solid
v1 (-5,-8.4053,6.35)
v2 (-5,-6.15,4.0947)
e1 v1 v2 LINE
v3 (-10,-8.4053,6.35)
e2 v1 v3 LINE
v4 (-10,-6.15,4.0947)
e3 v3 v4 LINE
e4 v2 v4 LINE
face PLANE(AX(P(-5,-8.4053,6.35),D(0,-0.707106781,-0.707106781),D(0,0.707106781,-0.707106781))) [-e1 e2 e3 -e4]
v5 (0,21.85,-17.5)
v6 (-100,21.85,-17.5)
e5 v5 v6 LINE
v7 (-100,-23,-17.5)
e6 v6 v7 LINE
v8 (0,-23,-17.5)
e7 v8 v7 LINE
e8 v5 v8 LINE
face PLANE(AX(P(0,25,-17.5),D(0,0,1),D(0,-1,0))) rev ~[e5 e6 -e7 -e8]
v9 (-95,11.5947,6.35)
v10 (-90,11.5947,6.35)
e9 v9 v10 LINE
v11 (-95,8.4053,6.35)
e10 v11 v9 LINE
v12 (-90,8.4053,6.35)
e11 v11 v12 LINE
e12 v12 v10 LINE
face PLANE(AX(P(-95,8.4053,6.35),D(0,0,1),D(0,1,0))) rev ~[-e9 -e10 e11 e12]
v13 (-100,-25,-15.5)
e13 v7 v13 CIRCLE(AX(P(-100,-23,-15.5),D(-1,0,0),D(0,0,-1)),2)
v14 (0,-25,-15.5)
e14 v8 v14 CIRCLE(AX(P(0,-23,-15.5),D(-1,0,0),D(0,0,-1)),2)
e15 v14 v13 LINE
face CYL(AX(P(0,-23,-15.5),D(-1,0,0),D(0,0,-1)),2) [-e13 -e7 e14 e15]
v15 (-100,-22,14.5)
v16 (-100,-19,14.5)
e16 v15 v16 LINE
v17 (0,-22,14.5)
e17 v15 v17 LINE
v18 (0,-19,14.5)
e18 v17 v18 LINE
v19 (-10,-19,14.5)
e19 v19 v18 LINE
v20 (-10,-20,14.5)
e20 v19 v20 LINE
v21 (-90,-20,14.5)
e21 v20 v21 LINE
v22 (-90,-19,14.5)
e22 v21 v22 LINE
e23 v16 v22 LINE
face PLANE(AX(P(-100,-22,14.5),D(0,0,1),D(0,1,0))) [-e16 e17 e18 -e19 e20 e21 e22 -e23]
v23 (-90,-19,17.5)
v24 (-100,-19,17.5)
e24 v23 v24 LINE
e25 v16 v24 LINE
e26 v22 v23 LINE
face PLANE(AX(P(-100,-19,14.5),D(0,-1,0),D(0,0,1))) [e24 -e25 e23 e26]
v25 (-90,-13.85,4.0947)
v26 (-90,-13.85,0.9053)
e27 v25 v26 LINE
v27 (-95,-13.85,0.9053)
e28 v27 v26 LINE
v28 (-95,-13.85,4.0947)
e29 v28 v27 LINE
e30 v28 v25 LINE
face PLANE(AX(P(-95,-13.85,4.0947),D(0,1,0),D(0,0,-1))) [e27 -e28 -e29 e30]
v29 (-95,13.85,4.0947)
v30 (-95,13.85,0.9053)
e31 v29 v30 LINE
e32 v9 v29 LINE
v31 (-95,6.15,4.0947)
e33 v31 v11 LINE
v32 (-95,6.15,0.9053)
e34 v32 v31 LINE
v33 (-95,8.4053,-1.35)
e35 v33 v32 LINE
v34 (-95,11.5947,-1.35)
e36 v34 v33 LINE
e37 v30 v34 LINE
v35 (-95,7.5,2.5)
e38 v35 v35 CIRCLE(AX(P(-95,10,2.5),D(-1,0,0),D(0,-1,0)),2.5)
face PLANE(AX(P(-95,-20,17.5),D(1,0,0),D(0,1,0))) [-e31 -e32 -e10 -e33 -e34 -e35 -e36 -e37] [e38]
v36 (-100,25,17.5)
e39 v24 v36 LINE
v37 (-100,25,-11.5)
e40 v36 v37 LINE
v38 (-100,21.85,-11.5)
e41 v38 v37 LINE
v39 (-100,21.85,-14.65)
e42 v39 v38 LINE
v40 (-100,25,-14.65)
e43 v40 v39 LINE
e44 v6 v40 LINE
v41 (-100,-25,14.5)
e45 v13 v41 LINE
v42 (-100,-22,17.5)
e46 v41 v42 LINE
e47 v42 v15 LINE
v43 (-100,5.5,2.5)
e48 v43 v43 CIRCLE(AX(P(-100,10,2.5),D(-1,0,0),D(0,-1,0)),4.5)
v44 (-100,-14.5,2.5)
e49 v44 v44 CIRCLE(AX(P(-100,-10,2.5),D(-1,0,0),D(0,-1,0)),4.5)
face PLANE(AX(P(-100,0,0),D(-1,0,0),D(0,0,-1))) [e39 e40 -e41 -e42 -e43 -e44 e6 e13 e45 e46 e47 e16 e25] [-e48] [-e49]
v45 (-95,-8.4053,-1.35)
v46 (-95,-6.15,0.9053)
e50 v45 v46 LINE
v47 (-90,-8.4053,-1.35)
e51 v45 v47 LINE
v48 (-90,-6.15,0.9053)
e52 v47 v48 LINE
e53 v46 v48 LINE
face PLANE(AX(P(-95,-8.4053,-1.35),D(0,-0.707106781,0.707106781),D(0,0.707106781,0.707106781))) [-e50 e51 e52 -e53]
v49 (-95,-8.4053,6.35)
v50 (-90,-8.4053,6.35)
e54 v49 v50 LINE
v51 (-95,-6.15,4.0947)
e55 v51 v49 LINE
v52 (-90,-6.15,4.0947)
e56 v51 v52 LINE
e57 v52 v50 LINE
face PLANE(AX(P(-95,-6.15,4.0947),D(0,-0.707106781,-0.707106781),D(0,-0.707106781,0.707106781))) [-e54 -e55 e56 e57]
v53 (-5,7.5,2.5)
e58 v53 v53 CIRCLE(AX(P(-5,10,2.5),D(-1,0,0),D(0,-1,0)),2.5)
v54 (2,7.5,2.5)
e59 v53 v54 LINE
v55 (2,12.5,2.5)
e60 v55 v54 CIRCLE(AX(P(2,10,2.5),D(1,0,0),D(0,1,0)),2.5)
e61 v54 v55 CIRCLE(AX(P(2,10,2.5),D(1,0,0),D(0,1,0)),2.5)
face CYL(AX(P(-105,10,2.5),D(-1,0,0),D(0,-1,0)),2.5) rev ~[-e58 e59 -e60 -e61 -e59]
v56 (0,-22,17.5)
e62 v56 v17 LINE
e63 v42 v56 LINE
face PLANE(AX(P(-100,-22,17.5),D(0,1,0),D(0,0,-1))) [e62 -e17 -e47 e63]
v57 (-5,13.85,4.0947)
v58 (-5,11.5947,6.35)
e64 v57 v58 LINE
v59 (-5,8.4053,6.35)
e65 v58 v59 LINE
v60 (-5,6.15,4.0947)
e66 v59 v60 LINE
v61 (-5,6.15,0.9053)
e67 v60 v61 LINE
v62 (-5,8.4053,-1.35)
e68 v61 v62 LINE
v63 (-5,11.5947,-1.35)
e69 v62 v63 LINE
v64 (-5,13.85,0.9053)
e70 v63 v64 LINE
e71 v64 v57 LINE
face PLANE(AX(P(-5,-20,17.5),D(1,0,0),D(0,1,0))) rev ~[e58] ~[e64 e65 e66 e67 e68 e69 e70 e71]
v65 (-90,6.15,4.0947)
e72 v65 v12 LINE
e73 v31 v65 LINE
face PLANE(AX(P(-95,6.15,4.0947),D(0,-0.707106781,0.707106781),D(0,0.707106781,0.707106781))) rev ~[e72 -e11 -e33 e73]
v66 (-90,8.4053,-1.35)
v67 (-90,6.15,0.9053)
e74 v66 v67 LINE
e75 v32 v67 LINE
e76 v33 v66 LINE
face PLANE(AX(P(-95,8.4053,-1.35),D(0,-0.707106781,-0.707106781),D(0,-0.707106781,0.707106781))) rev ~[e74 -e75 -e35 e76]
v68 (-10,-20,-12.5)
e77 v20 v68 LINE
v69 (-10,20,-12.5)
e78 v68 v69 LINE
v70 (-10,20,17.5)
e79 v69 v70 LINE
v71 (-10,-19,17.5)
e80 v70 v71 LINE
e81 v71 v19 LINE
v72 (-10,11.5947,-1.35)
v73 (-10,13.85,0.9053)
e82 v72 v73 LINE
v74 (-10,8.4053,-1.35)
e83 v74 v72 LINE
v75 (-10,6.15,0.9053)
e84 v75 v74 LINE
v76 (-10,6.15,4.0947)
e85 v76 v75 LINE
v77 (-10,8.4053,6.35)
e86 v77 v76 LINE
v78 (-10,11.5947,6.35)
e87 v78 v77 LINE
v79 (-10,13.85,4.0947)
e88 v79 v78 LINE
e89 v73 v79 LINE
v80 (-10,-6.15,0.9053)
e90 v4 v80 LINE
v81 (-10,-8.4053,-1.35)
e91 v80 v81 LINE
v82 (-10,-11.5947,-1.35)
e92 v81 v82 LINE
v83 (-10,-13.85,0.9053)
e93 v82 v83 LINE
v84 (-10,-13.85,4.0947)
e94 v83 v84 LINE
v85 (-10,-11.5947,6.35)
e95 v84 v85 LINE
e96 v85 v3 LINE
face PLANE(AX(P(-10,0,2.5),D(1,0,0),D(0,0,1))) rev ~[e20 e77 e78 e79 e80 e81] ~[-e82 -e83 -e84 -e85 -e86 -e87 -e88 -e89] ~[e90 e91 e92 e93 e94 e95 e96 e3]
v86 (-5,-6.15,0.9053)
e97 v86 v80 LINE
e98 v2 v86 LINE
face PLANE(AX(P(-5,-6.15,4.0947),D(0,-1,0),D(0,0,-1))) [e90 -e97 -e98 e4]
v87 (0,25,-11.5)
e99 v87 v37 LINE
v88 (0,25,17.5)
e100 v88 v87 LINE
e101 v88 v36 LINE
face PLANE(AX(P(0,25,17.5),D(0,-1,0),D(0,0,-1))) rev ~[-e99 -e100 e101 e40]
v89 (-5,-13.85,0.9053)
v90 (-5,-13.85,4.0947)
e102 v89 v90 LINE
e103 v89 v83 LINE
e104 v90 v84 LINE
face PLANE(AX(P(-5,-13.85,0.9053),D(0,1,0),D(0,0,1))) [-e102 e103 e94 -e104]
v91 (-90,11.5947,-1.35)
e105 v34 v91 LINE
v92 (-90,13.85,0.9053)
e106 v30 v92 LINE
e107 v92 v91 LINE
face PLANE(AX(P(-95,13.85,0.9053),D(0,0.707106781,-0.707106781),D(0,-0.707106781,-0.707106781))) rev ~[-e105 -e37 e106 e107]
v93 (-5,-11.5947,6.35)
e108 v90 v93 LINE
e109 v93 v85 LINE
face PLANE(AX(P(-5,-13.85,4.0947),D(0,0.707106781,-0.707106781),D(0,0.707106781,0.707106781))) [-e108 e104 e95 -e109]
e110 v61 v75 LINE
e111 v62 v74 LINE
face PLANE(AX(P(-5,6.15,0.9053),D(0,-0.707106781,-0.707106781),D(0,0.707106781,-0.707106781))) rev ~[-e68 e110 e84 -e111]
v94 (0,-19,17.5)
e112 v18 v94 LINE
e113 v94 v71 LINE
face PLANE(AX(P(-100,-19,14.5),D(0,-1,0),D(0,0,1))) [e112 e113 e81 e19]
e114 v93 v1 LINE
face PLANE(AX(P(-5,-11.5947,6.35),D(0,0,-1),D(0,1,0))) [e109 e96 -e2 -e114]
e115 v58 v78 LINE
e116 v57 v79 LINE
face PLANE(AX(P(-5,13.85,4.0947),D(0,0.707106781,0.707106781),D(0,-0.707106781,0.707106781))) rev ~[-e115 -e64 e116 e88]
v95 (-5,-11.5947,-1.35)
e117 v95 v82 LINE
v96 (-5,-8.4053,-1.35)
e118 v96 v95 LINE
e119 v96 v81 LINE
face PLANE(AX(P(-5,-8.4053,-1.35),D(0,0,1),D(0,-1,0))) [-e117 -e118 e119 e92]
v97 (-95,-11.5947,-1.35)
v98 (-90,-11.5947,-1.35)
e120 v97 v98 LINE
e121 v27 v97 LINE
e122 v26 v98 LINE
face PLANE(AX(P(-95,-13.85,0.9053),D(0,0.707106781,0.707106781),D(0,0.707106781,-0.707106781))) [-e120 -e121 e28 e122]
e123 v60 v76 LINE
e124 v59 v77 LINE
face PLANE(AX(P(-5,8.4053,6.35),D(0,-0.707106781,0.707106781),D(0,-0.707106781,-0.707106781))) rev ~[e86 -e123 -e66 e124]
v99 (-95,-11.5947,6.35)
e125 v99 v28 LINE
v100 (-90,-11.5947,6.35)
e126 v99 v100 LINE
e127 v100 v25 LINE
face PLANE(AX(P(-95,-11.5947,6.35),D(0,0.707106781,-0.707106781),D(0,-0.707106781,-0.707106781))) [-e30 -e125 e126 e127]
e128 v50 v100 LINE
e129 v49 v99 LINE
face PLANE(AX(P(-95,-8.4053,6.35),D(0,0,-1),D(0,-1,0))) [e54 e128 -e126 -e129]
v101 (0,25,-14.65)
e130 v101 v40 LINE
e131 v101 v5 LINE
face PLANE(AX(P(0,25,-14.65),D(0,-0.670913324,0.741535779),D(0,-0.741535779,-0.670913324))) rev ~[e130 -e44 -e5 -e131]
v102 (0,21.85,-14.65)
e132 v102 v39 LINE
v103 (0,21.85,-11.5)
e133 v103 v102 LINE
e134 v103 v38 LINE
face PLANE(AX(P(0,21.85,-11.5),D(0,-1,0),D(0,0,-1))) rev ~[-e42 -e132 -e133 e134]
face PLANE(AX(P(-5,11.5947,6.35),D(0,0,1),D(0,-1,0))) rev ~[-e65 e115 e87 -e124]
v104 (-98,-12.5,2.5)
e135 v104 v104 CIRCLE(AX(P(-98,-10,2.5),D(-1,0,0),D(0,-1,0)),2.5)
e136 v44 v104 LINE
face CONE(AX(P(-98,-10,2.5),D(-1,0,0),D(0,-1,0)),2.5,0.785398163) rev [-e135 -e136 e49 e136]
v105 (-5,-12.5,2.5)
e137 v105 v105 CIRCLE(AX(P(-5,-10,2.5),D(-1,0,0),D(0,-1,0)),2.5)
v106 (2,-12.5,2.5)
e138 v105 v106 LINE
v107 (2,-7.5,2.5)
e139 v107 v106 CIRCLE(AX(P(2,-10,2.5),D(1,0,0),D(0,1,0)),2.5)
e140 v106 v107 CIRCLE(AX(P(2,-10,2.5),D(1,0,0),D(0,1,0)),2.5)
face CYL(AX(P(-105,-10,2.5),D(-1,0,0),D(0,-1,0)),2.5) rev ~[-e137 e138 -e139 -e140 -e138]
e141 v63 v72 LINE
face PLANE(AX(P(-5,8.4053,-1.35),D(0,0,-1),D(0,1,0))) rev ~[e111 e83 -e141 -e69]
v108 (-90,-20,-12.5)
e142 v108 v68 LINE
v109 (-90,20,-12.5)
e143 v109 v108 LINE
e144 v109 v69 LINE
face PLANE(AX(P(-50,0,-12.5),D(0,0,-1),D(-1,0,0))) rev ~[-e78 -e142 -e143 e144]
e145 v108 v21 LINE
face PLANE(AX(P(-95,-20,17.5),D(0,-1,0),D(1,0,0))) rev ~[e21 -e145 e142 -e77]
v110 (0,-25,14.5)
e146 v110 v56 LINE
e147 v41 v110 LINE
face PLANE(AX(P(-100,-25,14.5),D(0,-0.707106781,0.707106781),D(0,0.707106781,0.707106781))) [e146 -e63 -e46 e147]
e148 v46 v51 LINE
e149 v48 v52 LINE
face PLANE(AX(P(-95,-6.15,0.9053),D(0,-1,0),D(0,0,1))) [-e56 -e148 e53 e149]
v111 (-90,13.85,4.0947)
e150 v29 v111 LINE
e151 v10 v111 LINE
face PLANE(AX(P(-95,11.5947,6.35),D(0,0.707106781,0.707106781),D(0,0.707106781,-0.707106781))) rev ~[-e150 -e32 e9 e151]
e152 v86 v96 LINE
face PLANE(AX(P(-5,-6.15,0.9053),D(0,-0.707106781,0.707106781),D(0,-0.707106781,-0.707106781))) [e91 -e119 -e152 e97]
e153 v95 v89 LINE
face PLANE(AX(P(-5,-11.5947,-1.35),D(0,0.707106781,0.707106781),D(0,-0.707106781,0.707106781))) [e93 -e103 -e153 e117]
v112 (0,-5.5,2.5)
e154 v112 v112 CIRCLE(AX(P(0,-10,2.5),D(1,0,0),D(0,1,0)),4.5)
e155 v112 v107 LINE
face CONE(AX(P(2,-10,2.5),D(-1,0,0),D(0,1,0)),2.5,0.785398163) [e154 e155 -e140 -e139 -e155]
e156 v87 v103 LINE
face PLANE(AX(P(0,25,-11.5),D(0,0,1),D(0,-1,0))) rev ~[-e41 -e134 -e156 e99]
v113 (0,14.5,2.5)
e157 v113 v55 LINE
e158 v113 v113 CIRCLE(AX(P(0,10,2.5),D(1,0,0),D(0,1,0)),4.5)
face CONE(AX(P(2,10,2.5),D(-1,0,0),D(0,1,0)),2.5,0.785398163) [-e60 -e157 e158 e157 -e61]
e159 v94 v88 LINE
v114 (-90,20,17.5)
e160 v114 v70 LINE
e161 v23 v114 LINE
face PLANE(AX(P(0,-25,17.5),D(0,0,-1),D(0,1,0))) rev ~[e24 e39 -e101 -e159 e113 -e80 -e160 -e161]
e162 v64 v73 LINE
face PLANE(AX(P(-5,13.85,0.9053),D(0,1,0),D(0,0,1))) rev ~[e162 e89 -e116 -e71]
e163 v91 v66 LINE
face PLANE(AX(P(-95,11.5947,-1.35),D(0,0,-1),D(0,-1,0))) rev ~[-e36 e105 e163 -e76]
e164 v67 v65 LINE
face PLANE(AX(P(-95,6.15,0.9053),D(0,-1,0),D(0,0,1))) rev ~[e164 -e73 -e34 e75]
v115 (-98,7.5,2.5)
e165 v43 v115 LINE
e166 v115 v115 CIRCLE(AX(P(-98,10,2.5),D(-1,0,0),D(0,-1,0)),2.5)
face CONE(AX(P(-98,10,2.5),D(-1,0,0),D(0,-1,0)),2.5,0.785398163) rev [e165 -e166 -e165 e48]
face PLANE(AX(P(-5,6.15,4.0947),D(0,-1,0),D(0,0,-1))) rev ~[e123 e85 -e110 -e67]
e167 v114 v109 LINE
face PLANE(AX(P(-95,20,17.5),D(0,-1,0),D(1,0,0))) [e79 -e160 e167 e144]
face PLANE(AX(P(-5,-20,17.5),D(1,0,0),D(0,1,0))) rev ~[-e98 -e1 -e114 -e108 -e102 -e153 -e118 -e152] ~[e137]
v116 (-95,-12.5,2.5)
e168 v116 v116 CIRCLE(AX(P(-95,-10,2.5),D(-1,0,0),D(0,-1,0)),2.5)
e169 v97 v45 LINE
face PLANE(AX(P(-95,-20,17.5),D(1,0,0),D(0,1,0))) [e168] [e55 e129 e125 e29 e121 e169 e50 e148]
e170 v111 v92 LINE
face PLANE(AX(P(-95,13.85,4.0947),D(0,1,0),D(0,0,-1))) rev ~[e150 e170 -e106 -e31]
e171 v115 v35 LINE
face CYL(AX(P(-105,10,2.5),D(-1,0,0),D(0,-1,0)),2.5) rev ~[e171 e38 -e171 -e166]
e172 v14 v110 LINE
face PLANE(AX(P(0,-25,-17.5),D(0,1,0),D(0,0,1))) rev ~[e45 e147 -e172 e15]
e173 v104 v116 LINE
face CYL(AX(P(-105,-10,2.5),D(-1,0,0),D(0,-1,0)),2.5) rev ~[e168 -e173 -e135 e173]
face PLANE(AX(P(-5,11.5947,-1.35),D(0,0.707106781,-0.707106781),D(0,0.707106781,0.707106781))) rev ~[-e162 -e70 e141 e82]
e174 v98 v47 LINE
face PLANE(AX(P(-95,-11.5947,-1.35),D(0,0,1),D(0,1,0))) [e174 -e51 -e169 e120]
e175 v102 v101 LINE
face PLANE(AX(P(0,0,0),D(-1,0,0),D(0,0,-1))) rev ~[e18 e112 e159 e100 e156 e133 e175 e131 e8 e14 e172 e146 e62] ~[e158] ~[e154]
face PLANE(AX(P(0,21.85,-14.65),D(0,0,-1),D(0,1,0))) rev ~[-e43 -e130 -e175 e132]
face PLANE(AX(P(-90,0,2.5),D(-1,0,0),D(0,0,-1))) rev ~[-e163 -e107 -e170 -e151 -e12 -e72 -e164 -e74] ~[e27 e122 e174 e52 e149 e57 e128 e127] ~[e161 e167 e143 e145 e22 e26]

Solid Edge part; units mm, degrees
sketch "Sketch1" plane through (0, 0, 0) normal (-1, 0, 0) x (0, -1, 0)
  line L0 (25, -17.5) -> (25, 17.5)
  line L1 (25, 17.5) -> (-25, 17.5)
  line L2 (-25, 17.5) -> (-25, -17.5)
  line L3 (-25, -17.5) -> (25, -17.5)
  dimension "D1" = 35
  dimension "D2" = 50
extrude "Protrusion1" add sketch "Sketch1" along normal blind 100
sketch "Sketch2" plane through (-50, 0, 17.5) normal (0, 0, 1) x (0, 1, 0)
  line L0 (20, 45) -> (20, -45)
  line L1 (-20, -45) -> (20, -45)
  line L2 (-20, 45) -> (-20, -45)
  line L3 (-20, 45) -> (20, 45)
  dimension "D1" = 90
  dimension "D2" = 5
  dimension "D3" = 90
  dimension "D4" = 5
extrude "Cutout1" cut sketch "Sketch2" against normal blind 30
sketch "Sketch3" plane through (-5, 0, 2.5) normal (-1, 0, 0) x (0, 1, 0)
  line L0 (-20, 15) -> (20, 15)
  line L1 (20, 15) -> (20, -15)
  line L2 (20, -15) -> (-20, -15)
  line L3 (-20, -15) -> (-20, 15)
  line L4 (11.5947, -3.85) -> (8.4053, -3.85)
  line L5 (8.4053, -3.85) -> (6.15, -1.5947)
  line L6 (6.15, -1.5947) -> (6.15, 1.5947)
  line L7 (6.15, 1.5947) -> (8.4053, 3.85)
  line L8 (8.4053, 3.85) -> (11.5947, 3.85)
  line L9 (11.5947, 3.85) -> (13.85, 1.5947)
  line L10 (13.85, 1.5947) -> (13.85, -1.5947)
  line L11 (13.85, -1.5947) -> (11.5947, -3.85)
  line L12 (-11.5947, -3.85) -> (-8.4053, -3.85)
  line L13 (-8.4053, -3.85) -> (-6.15, -1.5947)
  line L14 (-6.15, -1.5947) -> (-6.15, 1.5947)
  line L15 (-6.15, 1.5947) -> (-8.4053, 3.85)
  line L16 (-8.4053, 3.85) -> (-11.5947, 3.85)
  line L17 (-11.5947, 3.85) -> (-13.85, 1.5947)
  line L18 (-13.85, 1.5947) -> (-13.85, -1.5947)
  line L19 (-13.85, -1.5947) -> (-11.5947, -3.85)
extrude "Protrusion2" add sketch "Sketch3" along normal blind 5
sketch "Sketch4" plane through (0, 0, 0) normal (1, 0, 0) x (0, 1, 0)
  circle A0 centre (-10, 2.5) radius 2.5
  circle A1 centre (10, 2.5) radius 2.5
extrude "ExtrudedProtrusion_27" add sketch "Sketch4" along normal blind 5
chamfer "Chamfer_14" distance 2 angle 45 2 edges at (0, 7.5, 2.5) (0, -12.5, 2.5)
sketch "Sketch5" plane through (-100, 0, 0) normal (-1, 0, 0) x (0, -1, 0)
  circle A0 centre (-10, 2.5) radius 2.5
  circle A1 centre (10, 2.5) radius 2.5
extrude "ExtrudedProtrusion_29" add sketch "Sketch5" along normal blind 5
sketch "Sketch6" plane through (-105, 10, 2.5) normal (-1, 0, 0) x (0, -1, 0)
  circle A0 centre (0, 0) radius 2.5
  circle A1 centre (20, 0) radius 2.5
extrude "ExtrudedCutout_41" cut sketch "Sketch6" against normal blind 159
sketch "Sketch7" plane through (-95, 0, 2.5) normal (1, 0, 0) x (0, -1, 0)
  line L0 (-20, 15) -> (20, 15)
  line L1 (20, 15) -> (20, -15)
  line L2 (20, -15) -> (-20, -15)
  line L3 (-20, -15) -> (-20, 15)
  line L4 (-11.5947, 3.85) -> (-8.4053, 3.85)
  line L5 (-8.4053, 3.85) -> (-6.15, 1.5947)
  line L6 (-6.15, 1.5947) -> (-6.15, -1.5947)
  line L7 (-6.15, -1.5947) -> (-8.4053, -3.85)
  line L8 (-8.4053, -3.85) -> (-11.5947, -3.85)
  line L9 (-11.5947, -3.85) -> (-13.85, -1.5947)
  line L10 (-13.85, -1.5947) -> (-13.85, 1.5947)
  line L11 (-13.85, 1.5947) -> (-11.5947, 3.85)
  line L12 (6.15, 1.5947) -> (6.15, -1.5947)
  line L13 (6.15, -1.5947) -> (8.4053, -3.85)
  line L14 (8.4053, -3.85) -> (11.5947, -3.85)
  line L15 (11.5947, -3.85) -> (13.85, -1.5947)
  line L16 (13.85, -1.5947) -> (13.85, 1.5947)
  line L17 (13.85, 1.5947) -> (11.5947, 3.85)
  line L18 (11.5947, 3.85) -> (8.4053, 3.85)
  line L19 (8.4053, 3.85) -> (6.15, 1.5947)
extrude "ExtrudedProtrusion_30" add sketch "Sketch7" along normal blind 5
sketch "Sketch8" plane through (0, 0, 0) normal (1, 0, 0) x (0, -1, 0)
  line L0 (-25, 11.5) -> (-21.85, 11.5)
  line L1 (-21.85, 11.5) -> (-21.85, 14.65)
  line L2 (-21.85, 14.65) -> (-25, 14.65)
  line L3 (-25, 14.65) -> (-21.85, 17.5)
  line L4 (-21.85, 17.5) -> (-21.85, 20.916)
  line L5 (-21.85, 20.916) -> (-29.169, 20.916)
  line L6 (-29.169, 20.916) -> (-29.169, 11.5)
  line L7 (-29.169, 11.5) -> (-25, 11.5)
  dimension "D1" = 3.15
  dimension "D2" = 3.15
  dimension "D3" = 4.2479
  dimension "D4" = 3.416
  dimension "D5" = 7.319
  dimension "D6" = 9.416
  dimension "D7" = 4.169
extrude "Cutout2" cut sketch "Sketch8" against normal blind 112
fillet "Round_8" radius 2 1 edges at (-50, -25, -17.5)
chamfer "Chamfer_17" distance 2 angle 45 2 edges at (-100, -10, 0) (-100, 10, 0)
sketch "Sketch9" plane through (-100, 0, 0) normal (-1, 0, 0) x (0, 1, 0)
  line L0 (-22, -17.5) -> (-22, -14.5)
  line L1 (-22, -14.5) -> (-19, -14.5)
  line L2 (-19, -14.5) -> (-19, -20.07)
  line L3 (-27.2533, -20.0192) -> (-19, -20.07)
  line L4 (-27.2533, -14.5) -> (-27.2533, -20.0192)
  line L5 (-25, -14.5) -> (-27.2533, -14.5)
  line L6 (-25, -14.5) -> (-22, -17.5)
  dimension "D1" = 5.57
  dimension "D2" = 3
  dimension "D3" = 4.2426
  dimension "D4" = 2.2533
  dimension "D5" = 5.5192
  dimension "D6" = 8.2534
extrude "ExtrudedCutout_43" cut sketch "Sketch9" against normal blind 234
